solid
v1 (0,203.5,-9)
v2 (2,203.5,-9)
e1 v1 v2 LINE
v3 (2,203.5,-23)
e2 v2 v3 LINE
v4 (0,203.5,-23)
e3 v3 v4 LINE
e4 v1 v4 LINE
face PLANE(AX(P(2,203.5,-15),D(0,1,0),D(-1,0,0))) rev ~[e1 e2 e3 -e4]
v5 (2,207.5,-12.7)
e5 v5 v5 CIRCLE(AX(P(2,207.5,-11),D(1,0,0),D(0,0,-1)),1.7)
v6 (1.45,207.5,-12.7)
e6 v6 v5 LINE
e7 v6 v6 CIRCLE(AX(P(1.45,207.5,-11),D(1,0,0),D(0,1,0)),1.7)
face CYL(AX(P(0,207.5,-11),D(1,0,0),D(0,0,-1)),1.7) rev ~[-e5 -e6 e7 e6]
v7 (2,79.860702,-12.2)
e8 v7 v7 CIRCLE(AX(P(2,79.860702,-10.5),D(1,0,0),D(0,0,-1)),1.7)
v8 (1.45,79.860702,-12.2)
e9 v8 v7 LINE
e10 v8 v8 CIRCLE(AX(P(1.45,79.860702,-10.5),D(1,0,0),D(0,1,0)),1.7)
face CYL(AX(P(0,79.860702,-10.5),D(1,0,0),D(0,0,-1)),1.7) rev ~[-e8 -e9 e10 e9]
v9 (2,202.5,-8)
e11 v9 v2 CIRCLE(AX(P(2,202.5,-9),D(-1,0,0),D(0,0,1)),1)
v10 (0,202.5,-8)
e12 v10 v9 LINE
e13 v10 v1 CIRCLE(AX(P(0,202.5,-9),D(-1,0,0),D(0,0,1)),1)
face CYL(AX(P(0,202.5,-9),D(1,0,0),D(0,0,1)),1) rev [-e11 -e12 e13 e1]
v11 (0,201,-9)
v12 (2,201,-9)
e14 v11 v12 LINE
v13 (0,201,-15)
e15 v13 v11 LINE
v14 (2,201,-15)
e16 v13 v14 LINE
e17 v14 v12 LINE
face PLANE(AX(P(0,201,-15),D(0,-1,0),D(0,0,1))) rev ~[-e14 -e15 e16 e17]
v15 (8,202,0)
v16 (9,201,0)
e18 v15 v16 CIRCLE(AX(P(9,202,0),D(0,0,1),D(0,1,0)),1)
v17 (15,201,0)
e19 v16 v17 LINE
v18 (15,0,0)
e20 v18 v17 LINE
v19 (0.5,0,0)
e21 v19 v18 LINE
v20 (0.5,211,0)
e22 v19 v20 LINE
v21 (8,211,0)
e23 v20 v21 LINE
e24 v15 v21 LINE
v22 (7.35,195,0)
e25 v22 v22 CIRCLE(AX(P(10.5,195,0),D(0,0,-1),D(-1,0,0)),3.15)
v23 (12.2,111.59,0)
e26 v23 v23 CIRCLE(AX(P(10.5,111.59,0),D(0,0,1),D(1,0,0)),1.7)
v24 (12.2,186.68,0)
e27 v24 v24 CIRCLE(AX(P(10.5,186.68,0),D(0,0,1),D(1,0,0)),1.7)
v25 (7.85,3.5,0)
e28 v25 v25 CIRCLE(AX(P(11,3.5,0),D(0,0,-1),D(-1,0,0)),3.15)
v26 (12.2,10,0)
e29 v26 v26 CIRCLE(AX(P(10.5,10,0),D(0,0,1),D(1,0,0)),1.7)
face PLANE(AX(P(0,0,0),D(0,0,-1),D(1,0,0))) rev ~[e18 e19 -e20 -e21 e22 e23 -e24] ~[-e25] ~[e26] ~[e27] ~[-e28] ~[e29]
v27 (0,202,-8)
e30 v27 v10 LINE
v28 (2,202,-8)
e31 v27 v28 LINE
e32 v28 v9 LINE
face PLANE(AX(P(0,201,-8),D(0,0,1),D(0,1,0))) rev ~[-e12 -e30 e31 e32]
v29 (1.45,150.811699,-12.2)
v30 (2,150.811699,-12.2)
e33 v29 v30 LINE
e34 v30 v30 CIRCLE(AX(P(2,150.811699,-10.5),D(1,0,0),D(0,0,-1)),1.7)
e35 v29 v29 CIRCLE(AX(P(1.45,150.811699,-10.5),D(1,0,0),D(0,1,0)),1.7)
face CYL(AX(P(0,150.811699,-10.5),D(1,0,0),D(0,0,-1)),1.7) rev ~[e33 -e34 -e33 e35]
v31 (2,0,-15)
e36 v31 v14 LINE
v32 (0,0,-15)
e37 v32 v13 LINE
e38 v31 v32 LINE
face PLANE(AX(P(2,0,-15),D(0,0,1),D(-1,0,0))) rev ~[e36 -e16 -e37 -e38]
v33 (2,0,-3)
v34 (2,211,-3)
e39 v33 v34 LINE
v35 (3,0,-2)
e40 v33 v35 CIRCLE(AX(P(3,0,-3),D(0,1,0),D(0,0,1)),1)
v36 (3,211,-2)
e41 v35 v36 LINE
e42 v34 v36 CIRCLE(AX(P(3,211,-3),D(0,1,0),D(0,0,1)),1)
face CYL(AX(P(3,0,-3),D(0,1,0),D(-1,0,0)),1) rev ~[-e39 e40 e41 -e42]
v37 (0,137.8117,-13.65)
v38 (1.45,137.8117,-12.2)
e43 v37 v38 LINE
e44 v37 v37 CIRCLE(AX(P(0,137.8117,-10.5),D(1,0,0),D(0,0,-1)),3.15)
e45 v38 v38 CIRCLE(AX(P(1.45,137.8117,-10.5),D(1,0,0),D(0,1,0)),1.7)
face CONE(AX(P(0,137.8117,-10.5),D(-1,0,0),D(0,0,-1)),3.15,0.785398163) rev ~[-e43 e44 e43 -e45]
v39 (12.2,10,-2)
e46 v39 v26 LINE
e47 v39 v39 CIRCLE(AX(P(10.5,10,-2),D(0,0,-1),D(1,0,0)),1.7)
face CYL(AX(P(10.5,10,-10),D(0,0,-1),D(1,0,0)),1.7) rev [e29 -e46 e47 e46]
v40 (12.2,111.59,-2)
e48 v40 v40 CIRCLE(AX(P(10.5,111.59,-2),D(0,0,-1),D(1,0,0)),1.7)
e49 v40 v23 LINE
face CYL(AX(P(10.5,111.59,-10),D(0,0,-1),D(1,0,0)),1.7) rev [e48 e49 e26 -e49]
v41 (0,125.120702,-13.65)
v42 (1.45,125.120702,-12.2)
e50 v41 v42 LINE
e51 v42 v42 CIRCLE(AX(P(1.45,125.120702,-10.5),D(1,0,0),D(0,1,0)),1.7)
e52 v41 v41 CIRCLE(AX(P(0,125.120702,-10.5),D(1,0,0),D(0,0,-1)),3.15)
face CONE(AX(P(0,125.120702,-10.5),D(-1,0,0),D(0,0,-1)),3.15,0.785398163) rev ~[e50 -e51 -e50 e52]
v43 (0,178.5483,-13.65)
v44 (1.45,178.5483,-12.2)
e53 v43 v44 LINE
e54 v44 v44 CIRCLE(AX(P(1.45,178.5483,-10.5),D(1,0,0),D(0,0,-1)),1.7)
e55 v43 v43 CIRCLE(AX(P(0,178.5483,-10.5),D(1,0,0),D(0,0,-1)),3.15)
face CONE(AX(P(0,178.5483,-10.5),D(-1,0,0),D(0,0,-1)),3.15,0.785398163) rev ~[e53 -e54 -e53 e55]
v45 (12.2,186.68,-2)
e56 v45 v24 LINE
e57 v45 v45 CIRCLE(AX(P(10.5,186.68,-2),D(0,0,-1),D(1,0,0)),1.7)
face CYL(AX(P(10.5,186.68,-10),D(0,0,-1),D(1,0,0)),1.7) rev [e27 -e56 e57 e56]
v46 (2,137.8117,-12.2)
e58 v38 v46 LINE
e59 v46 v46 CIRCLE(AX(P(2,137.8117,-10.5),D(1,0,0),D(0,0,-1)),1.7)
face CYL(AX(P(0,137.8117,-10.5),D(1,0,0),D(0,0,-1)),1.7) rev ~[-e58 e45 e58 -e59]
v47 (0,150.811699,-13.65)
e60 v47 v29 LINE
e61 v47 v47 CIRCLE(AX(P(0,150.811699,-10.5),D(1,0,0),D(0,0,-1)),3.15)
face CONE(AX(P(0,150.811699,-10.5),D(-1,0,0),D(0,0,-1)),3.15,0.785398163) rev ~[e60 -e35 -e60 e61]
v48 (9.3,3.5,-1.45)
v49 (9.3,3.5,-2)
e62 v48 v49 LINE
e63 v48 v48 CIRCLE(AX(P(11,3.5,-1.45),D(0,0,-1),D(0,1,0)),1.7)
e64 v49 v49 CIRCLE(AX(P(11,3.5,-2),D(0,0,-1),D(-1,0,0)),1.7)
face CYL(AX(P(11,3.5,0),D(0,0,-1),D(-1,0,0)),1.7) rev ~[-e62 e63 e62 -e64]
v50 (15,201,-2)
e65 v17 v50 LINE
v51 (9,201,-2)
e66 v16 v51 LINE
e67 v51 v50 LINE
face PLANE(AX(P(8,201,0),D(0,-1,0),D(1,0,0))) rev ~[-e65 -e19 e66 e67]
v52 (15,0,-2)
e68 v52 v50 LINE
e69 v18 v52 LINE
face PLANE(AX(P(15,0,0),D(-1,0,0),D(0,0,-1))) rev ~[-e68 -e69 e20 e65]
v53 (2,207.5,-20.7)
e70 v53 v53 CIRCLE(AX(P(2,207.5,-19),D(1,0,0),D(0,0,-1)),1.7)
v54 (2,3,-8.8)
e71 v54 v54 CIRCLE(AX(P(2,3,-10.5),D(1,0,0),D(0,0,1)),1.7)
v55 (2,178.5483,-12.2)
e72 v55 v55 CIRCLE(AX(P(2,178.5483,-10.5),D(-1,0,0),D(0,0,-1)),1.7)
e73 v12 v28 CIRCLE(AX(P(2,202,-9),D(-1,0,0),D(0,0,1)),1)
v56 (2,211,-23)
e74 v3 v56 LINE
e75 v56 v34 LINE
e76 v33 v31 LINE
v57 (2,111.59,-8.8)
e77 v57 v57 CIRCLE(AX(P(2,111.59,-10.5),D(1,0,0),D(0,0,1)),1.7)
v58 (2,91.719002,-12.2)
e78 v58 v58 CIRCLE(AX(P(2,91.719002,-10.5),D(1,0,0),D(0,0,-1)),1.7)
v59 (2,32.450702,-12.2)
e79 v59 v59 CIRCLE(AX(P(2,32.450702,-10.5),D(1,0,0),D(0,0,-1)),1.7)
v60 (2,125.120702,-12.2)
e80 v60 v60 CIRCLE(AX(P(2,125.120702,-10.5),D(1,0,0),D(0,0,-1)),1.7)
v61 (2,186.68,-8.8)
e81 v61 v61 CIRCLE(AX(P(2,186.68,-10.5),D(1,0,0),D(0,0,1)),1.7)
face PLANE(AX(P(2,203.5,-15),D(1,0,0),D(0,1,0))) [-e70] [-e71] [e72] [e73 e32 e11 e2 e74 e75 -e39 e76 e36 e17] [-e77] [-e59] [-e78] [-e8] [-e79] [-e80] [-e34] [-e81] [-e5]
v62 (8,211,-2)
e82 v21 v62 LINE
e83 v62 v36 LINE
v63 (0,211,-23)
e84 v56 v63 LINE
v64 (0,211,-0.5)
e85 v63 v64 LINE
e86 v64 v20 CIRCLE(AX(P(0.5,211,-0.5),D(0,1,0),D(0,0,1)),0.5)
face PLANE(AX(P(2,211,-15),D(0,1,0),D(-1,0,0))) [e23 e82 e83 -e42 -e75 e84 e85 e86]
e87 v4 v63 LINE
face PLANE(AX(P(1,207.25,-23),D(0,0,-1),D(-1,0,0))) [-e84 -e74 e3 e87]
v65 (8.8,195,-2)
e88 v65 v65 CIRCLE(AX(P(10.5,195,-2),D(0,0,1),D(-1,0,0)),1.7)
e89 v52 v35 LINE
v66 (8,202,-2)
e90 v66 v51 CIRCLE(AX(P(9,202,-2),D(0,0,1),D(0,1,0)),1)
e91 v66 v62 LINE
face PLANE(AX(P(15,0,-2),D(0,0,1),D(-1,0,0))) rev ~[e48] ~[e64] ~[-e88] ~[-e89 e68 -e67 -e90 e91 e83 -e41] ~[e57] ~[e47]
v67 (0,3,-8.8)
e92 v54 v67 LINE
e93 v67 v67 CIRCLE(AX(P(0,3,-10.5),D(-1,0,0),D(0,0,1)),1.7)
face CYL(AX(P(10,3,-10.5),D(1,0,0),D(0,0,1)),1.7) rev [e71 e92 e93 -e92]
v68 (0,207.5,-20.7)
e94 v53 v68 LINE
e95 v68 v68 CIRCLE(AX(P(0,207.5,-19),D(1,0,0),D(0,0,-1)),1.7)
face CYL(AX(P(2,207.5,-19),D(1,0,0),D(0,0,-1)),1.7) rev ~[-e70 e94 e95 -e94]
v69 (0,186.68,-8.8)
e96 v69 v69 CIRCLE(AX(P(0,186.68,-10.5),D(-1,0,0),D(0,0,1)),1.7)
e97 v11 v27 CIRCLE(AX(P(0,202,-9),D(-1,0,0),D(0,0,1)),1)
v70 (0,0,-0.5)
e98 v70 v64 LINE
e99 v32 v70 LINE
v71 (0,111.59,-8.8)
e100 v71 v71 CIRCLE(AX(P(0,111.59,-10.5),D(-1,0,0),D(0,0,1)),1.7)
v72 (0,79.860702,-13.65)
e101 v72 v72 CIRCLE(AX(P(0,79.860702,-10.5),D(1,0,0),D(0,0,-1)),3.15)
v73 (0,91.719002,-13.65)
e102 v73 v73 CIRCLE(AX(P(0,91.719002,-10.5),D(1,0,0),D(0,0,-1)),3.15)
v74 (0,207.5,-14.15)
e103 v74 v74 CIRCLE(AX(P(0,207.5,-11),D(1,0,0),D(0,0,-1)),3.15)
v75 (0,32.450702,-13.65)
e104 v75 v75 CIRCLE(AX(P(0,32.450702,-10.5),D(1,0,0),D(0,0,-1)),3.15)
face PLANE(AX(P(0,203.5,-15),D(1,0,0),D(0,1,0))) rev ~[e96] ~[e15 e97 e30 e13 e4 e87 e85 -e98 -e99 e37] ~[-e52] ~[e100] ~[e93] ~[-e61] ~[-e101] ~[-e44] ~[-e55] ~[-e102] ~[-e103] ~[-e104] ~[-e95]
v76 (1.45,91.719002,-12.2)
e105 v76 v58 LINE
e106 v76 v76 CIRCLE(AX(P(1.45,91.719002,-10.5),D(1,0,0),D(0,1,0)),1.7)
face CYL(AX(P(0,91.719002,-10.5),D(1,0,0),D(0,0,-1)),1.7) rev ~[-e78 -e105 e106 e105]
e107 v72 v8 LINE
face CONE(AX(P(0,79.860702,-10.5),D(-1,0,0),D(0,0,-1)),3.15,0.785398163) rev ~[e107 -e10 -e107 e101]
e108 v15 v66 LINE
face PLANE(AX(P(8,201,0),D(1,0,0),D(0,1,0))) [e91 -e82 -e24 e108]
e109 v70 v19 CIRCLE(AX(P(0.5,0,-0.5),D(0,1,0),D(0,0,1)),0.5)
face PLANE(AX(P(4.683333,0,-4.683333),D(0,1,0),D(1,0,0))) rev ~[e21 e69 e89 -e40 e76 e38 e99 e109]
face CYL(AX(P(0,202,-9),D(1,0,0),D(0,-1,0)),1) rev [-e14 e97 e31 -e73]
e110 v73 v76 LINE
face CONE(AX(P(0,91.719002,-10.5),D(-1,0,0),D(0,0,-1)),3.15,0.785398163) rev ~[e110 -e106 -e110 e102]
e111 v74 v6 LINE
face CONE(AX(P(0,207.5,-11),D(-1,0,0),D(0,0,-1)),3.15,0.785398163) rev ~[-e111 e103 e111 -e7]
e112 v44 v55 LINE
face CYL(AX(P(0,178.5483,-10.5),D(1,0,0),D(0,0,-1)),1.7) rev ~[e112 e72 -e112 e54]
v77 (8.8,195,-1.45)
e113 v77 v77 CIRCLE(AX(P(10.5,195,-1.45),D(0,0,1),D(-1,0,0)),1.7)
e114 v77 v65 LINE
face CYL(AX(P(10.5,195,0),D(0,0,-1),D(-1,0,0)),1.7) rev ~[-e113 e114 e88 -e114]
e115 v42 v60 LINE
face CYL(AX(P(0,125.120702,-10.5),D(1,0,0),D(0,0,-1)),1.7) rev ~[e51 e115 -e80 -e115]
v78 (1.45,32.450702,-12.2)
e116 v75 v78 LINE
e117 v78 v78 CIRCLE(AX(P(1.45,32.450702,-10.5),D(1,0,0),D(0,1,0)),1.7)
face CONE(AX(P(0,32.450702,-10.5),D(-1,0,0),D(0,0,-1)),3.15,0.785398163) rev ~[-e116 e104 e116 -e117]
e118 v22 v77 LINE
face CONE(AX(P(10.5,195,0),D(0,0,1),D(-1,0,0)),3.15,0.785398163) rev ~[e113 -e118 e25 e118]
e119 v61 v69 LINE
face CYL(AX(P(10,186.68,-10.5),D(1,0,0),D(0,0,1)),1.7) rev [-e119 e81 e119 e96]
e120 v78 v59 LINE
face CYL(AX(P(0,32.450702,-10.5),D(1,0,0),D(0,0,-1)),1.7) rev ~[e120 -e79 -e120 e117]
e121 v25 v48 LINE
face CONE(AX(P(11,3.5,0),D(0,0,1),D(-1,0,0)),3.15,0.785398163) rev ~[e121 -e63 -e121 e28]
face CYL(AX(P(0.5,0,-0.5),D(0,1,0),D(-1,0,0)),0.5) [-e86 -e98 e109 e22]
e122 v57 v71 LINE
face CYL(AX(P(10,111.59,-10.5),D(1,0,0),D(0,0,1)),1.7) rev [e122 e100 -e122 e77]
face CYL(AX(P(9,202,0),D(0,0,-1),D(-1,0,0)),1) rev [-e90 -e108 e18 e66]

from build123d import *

# Parameters (mm, degrees)
BOSS_EXTRUDE1_DEPTH                             = 211
CSK_FOR_M3_FLAT_HEAD_MACHINE_SCREW1_D           = 3.4
CSK_FOR_M3_FLAT_HEAD_MACHINE_SCREW1_CSINK_D     = 6.3
CSK_FOR_M3_FLAT_HEAD_MACHINE_SCREW1_CSINK_ANGLE = 90
SKETCH6_W                                       = 7
SKETCH6_H                                       = 10
CUT_EXTRUDE1_DEPTH                              = 213.063669684
SKETCH7_W                                       = 7
SKETCH7_H                                       = 2.5
CUT_EXTRUDE2_DEPTH                              = 213.063669684
CSK_FOR_M3_FLAT_HEAD_MACHINE_SCREW2_D           = 3.4
CSK_FOR_M3_FLAT_HEAD_MACHINE_SCREW2_CSINK_D     = 6.3
CSK_FOR_M3_FLAT_HEAD_MACHINE_SCREW2_CSINK_ANGLE = 90
CSK_FOR_M3_FLAT_HEAD_MACHINE_SCREW3_D           = 3.4
CSK_FOR_M3_FLAT_HEAD_MACHINE_SCREW3_CSINK_D     = 6.3
CSK_FOR_M3_FLAT_HEAD_MACHINE_SCREW3_CSINK_ANGLE = 90
FILLET1_R                                       = 0.5
FILLET2_R                                       = 1
CUT_EXTRUDE3_START                              = -10
SKETCH16_R                                      = 1.7
CUT_EXTRUDE3_DEPTH                              = 10
CUT_EXTRUDE4_START                              = -10
SKETCH17_R                                      = 1.7
CUT_EXTRUDE4_DEPTH                              = 10
SKETCH20_W                                      = 2
SKETCH20_H                                      = 7.5
BOSS_EXTRUDE2_DEPTH                             = 8
SKETCH21_R                                      = 1.7
CUT_EXTRUDE5_DEPTH                              = 3


with BuildPart() as part:
    # Sketch1 → Boss-Extrude1 (new body)
    with BuildSketch(Plane(origin=(0, 0, 0), x_dir=(1, 0, 0), z_dir=(0, 1, 0))):
        Polygon((0, 15), (0, 0), (15, 0), (15, 2), (2, 2), (2, 15), align=None)
    extrude(amount=BOSS_EXTRUDE1_DEPTH)

    # CSK for M3 Flat Head Machine Screw1 (through all)
    with Locations(Plane.ZY):
        with Locations((-10.5, 178.5483), (-10.5, 150.81169946), (-10.5, 125.12070188), (-10.5, 91.71900188), (-10.5, 32.45070188), (-10.5, 79.86070188), (-10.5, 137.8117)):
            CounterSinkHole(CSK_FOR_M3_FLAT_HEAD_MACHINE_SCREW1_D / 2, CSK_FOR_M3_FLAT_HEAD_MACHINE_SCREW1_CSINK_D / 2, counter_sink_angle=CSK_FOR_M3_FLAT_HEAD_MACHINE_SCREW1_CSINK_ANGLE)

    # Sketch6 → Cut-Extrude1 (cut, through all)
    with BuildSketch(Plane.XY):
        with Locations((11.5, 206)):
            Rectangle(SKETCH6_W, SKETCH6_H)
    extrude(amount=-CUT_EXTRUDE1_DEPTH, mode=Mode.SUBTRACT)

    # Sketch7 → Cut-Extrude2 (cut, through all)
    with BuildSketch(Plane.ZY):
        with Locations((-11.5, 202.25)):
            Rectangle(SKETCH7_W, SKETCH7_H)
    extrude(amount=-CUT_EXTRUDE2_DEPTH, mode=Mode.SUBTRACT)

    # CSK for M3 Flat Head Machine Screw2 (through all)
    with Locations(Plane.ZY):
        with Locations((-11, 207.5)):
            CounterSinkHole(CSK_FOR_M3_FLAT_HEAD_MACHINE_SCREW2_D / 2, CSK_FOR_M3_FLAT_HEAD_MACHINE_SCREW2_CSINK_D / 2, counter_sink_angle=CSK_FOR_M3_FLAT_HEAD_MACHINE_SCREW2_CSINK_ANGLE)

    # CSK for M3 Flat Head Machine Screw3 (through all)
    with Locations(Plane.XY):
        with Locations((11, 3.5), (10.5, 195)):
            CounterSinkHole(CSK_FOR_M3_FLAT_HEAD_MACHINE_SCREW3_D / 2, CSK_FOR_M3_FLAT_HEAD_MACHINE_SCREW3_CSINK_D / 2, counter_sink_angle=CSK_FOR_M3_FLAT_HEAD_MACHINE_SCREW3_CSINK_ANGLE)

    # Fillet1
    fillet1_edges = [part.edges().sort_by_distance(p)[0] for p in [
        (0, 105.5, 0),
    ]]
    fillet(fillet1_edges, radius=FILLET1_R)

    # Fillet2
    fillet2_edges = [part.edges().sort_by_distance(p)[0] for p in [
        (2, 105.5, -2),
        (8, 201, -1),
        (1, 203.5, -8),
        (1, 201, -8),
    ]]
    fillet(fillet2_edges, radius=FILLET2_R)

    # Sketch16 → Cut-Extrude3 (cut)
    with BuildSketch(Plane.ZY.offset(CUT_EXTRUDE3_START)):
        with Locations((-10.5, 186.68)):
            Circle(SKETCH16_R)
        with Locations((-10.5, 111.59)):
            Circle(SKETCH16_R)
        with Locations((-10.5, 3)):
            Circle(SKETCH16_R)
        with Locations((-10.5, 178.5483)):
            Circle(SKETCH16_R)
    extrude(amount=CUT_EXTRUDE3_DEPTH, mode=Mode.SUBTRACT)

    # Sketch17 → Cut-Extrude4 (cut)
    with BuildSketch(Plane.XY.offset(CUT_EXTRUDE4_START)):
        with Locations((10.5, 186.68)):
            Circle(SKETCH17_R)
        with Locations((10.5, 111.59)):
            Circle(SKETCH17_R)
        with Locations((10.5, 10)):
            Circle(SKETCH17_R)
        with Locations((10.5, 195)):
            Circle(SKETCH17_R)
    extrude(amount=CUT_EXTRUDE4_DEPTH, mode=Mode.SUBTRACT)

    # Sketch20 → Boss-Extrude2 (add)
    with BuildSketch(Plane(origin=(0, 0, -15), x_dir=(-1, 0, 0), z_dir=(0, 0, -1))):
        with Locations((-1, 207.25)):
            Rectangle(SKETCH20_W, SKETCH20_H)
    extrude(amount=BOSS_EXTRUDE2_DEPTH)

    # Sketch21 → Cut-Extrude5 (cut)
    with BuildSketch(Plane(origin=(2, 0, 0), x_dir=(0, 0, -1), z_dir=(1, 0, 0))):
        with Locations((19, 207.5)):
            Circle(SKETCH21_R)
    extrude(amount=-CUT_EXTRUDE5_DEPTH, mode=Mode.SUBTRACT)


solid = part.part
